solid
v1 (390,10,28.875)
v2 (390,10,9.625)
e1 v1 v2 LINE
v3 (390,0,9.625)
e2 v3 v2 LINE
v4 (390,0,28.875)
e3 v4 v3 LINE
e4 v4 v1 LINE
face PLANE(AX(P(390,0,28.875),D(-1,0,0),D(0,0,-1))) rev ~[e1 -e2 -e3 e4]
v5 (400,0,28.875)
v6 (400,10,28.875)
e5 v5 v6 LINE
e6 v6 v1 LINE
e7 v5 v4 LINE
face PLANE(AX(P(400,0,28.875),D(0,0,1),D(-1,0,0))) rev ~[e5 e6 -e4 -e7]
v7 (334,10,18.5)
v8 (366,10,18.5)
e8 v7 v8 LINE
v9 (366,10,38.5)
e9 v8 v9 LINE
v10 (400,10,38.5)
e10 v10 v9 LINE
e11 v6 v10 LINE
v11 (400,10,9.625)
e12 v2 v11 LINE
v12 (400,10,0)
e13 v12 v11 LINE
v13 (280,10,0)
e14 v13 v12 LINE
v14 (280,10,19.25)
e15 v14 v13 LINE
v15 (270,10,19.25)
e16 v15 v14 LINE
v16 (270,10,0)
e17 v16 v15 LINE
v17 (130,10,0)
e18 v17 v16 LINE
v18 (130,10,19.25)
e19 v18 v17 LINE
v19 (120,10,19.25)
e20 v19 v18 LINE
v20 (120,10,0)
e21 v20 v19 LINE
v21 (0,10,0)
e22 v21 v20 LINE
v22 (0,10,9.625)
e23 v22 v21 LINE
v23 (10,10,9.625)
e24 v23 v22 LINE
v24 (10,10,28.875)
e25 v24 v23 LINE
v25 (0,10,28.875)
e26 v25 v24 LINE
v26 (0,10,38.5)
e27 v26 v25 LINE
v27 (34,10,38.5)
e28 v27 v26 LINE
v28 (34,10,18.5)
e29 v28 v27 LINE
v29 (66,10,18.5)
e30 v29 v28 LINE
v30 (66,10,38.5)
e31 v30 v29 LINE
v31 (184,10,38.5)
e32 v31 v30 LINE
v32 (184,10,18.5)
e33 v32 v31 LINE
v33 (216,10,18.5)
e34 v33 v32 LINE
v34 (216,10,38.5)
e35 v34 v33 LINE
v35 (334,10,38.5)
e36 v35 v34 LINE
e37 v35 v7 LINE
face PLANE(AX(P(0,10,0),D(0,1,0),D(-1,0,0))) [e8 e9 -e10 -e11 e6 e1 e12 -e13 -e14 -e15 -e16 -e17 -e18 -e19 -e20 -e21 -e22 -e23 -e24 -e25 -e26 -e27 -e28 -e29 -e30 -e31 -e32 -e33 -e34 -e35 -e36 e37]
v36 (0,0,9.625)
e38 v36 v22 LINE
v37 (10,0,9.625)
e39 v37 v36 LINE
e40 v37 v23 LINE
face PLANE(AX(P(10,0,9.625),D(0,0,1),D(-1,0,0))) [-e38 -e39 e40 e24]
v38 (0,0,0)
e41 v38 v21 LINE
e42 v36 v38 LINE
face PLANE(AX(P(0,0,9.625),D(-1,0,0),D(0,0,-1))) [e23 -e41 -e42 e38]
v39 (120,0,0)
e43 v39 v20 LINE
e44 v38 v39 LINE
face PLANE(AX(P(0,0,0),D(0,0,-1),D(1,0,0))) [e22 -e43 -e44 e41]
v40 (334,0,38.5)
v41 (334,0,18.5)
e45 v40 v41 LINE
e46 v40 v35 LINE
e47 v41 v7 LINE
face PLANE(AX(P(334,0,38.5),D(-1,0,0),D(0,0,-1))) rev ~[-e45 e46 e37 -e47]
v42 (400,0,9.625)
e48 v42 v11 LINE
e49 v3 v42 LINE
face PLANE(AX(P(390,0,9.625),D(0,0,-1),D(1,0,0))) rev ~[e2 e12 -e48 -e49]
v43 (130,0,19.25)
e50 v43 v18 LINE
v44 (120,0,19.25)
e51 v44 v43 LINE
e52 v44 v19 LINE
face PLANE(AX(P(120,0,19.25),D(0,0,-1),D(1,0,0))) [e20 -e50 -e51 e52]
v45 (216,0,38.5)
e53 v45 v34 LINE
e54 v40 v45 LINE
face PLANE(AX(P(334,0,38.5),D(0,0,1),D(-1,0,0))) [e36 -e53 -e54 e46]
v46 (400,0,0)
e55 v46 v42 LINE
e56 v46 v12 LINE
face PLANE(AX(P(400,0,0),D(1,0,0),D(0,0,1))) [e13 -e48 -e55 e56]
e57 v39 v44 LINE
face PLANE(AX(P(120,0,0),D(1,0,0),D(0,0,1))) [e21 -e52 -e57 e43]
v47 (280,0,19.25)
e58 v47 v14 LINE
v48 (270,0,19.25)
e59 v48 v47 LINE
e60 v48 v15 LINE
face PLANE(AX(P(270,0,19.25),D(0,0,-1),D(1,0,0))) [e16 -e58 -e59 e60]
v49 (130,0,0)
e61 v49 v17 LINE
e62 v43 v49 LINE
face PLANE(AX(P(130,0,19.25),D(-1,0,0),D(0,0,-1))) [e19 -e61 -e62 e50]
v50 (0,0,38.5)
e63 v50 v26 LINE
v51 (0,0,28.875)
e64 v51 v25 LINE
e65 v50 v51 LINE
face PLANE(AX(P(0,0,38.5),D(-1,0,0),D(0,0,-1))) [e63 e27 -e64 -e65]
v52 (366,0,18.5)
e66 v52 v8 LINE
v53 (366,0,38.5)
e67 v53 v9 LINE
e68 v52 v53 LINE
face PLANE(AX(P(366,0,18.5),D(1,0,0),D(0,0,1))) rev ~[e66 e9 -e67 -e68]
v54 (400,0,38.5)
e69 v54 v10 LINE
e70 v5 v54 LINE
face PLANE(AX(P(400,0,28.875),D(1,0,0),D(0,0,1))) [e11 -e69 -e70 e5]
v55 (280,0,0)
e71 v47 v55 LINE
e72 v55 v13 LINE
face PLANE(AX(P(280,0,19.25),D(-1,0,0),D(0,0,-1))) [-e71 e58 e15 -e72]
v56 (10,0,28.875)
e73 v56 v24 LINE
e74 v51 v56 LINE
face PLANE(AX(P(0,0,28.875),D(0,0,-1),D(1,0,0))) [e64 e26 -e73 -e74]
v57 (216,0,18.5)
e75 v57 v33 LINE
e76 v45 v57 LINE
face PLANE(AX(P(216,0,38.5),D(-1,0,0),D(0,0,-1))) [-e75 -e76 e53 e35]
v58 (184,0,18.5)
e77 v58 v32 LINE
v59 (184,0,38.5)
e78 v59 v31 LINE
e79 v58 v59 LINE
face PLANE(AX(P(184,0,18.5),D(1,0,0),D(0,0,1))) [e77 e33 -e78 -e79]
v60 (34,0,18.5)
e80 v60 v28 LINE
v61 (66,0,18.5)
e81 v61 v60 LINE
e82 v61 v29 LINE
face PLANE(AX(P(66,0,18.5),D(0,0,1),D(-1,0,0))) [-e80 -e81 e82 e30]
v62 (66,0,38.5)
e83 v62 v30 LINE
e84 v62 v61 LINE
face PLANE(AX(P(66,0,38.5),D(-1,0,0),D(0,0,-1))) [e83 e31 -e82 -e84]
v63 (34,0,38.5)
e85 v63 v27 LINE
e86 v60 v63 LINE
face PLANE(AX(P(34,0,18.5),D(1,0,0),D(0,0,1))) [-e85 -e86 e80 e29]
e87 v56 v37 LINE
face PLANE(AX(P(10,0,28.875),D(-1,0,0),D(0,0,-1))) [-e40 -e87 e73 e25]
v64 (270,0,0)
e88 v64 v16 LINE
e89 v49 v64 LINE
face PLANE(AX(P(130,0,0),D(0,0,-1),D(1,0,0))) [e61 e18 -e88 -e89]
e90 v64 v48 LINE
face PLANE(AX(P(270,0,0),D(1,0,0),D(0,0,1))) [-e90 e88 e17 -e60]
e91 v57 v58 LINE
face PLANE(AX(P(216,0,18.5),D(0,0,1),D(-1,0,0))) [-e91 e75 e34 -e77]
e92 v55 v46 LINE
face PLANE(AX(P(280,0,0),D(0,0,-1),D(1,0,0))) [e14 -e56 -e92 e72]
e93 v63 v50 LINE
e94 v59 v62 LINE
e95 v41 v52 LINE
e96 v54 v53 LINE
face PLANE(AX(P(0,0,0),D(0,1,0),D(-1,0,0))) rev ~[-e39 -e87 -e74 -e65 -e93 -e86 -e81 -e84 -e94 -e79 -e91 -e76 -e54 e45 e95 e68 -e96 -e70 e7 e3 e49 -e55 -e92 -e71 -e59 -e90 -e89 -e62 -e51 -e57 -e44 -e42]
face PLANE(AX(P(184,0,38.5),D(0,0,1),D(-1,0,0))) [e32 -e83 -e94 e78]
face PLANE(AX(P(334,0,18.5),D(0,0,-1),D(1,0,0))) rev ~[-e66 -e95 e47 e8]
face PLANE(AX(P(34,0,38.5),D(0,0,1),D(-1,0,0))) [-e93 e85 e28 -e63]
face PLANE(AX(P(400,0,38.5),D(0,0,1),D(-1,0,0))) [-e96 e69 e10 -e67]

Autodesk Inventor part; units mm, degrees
ref_plane "YZ Plane" through (0, 0, 0) normal (1, 0, 0) x (0, 1, 0)
ref_plane "XZ Plane" through (0, 0, 0) normal (0, 1, 0) x (-1, 0, 0)
ref_plane "XY Plane" through (0, 0, 0) normal (0, 0, 1) x (1, 0, 0)
sketch "Skizze1" plane through (0, 0, 0) normal (0, 1, 0) x (-1, 0, 0)
  line L0 (0, 28.875) -> (-10, 28.875)
  line L1 (-10, 28.875) -> (-10, 9.625)
  line L2 (-10, 9.625) -> (0, 9.625)
  line L3 (0, 38.5) -> (0, 28.875)
  line L4 (0, 9.625) -> (0, 0)
  line L5 (-400, 28.875) -> (-390, 28.875)
  line L6 (-390, 28.875) -> (-390, 9.625)
  line L7 (-390, 9.625) -> (-400, 9.625)
  line L8 (-400, 0) -> (-400, 9.625)
  line L9 (-400, 28.875) -> (-400, 38.5)
  line L10 (-120, 19.25) -> (-130, 19.25)
  line L11 (-130, 19.25) -> (-130, 0)
  line L12 (-120, 0) -> (-120, 19.25)
  line L13 (-270, 19.25) -> (-280, 19.25)
  line L14 (-280, 19.25) -> (-280, 0)
  line L15 (-270, 0) -> (-270, 19.25)
  line L16 (-66, 38.5) -> (-66, 18.5)
  line L17 (-66, 18.5) -> (-34, 18.5)
  line L18 (-34, 18.5) -> (-34, 38.5)
  line L19 (-34, 38.5) -> (0, 38.5)
  line L20 (-334, 38.5) -> (-334, 18.5)
  line L21 (-334, 18.5) -> (-366, 18.5)
  line L22 (-366, 18.5) -> (-366, 38.5)
  line L23 (-400, 38.5) -> (-366, 38.5)
  line L24 (-216, 38.5) -> (-216, 18.5)
  line L25 (-216, 18.5) -> (-184, 18.5)
  line L26 (-184, 18.5) -> (-184, 38.5)
  line L27 (-334, 38.5) -> (-216, 38.5)
  line L28 (-184, 38.5) -> (-66, 38.5)
  line L29 (-280, 0) -> (-400, 0)
  line L30 (0, 0) -> (-120, 0)
  line L31 (-130, 0) -> (-270, 0)
  dimension "d0" = 38.5
  dimension "d1" = 400
  dimension "d2" = 10
  dimension "d3" = 19.25
  dimension "d5" = 10
  dimension "d6" = 19.25
  dimension "d8" = 10
  dimension "d9" = 19.25
  dimension "d10" = 10
  dimension "d11" = 19.25
  dimension "d14" = 110
  dimension "d15" = 110
  dimension "d19" = 32
  dimension "d20" = 20
  dimension "d21" = 34
  dimension "d22" = 10
  dimension "d23" = 32
  dimension "d24" = 20
  dimension "d25" = 10
  dimension "d26" = 34
  dimension "d27" = 32
  dimension "d28" = 20
  dimension "d29" = 184
  dimension "d30" = 20
  dimension "d32" = 20
  dimension "d35" = 20
extrude "Extrusion1" add sketch "Skizze1" along normal blind 10
properties part number "HolzServoHalterHochLang"
